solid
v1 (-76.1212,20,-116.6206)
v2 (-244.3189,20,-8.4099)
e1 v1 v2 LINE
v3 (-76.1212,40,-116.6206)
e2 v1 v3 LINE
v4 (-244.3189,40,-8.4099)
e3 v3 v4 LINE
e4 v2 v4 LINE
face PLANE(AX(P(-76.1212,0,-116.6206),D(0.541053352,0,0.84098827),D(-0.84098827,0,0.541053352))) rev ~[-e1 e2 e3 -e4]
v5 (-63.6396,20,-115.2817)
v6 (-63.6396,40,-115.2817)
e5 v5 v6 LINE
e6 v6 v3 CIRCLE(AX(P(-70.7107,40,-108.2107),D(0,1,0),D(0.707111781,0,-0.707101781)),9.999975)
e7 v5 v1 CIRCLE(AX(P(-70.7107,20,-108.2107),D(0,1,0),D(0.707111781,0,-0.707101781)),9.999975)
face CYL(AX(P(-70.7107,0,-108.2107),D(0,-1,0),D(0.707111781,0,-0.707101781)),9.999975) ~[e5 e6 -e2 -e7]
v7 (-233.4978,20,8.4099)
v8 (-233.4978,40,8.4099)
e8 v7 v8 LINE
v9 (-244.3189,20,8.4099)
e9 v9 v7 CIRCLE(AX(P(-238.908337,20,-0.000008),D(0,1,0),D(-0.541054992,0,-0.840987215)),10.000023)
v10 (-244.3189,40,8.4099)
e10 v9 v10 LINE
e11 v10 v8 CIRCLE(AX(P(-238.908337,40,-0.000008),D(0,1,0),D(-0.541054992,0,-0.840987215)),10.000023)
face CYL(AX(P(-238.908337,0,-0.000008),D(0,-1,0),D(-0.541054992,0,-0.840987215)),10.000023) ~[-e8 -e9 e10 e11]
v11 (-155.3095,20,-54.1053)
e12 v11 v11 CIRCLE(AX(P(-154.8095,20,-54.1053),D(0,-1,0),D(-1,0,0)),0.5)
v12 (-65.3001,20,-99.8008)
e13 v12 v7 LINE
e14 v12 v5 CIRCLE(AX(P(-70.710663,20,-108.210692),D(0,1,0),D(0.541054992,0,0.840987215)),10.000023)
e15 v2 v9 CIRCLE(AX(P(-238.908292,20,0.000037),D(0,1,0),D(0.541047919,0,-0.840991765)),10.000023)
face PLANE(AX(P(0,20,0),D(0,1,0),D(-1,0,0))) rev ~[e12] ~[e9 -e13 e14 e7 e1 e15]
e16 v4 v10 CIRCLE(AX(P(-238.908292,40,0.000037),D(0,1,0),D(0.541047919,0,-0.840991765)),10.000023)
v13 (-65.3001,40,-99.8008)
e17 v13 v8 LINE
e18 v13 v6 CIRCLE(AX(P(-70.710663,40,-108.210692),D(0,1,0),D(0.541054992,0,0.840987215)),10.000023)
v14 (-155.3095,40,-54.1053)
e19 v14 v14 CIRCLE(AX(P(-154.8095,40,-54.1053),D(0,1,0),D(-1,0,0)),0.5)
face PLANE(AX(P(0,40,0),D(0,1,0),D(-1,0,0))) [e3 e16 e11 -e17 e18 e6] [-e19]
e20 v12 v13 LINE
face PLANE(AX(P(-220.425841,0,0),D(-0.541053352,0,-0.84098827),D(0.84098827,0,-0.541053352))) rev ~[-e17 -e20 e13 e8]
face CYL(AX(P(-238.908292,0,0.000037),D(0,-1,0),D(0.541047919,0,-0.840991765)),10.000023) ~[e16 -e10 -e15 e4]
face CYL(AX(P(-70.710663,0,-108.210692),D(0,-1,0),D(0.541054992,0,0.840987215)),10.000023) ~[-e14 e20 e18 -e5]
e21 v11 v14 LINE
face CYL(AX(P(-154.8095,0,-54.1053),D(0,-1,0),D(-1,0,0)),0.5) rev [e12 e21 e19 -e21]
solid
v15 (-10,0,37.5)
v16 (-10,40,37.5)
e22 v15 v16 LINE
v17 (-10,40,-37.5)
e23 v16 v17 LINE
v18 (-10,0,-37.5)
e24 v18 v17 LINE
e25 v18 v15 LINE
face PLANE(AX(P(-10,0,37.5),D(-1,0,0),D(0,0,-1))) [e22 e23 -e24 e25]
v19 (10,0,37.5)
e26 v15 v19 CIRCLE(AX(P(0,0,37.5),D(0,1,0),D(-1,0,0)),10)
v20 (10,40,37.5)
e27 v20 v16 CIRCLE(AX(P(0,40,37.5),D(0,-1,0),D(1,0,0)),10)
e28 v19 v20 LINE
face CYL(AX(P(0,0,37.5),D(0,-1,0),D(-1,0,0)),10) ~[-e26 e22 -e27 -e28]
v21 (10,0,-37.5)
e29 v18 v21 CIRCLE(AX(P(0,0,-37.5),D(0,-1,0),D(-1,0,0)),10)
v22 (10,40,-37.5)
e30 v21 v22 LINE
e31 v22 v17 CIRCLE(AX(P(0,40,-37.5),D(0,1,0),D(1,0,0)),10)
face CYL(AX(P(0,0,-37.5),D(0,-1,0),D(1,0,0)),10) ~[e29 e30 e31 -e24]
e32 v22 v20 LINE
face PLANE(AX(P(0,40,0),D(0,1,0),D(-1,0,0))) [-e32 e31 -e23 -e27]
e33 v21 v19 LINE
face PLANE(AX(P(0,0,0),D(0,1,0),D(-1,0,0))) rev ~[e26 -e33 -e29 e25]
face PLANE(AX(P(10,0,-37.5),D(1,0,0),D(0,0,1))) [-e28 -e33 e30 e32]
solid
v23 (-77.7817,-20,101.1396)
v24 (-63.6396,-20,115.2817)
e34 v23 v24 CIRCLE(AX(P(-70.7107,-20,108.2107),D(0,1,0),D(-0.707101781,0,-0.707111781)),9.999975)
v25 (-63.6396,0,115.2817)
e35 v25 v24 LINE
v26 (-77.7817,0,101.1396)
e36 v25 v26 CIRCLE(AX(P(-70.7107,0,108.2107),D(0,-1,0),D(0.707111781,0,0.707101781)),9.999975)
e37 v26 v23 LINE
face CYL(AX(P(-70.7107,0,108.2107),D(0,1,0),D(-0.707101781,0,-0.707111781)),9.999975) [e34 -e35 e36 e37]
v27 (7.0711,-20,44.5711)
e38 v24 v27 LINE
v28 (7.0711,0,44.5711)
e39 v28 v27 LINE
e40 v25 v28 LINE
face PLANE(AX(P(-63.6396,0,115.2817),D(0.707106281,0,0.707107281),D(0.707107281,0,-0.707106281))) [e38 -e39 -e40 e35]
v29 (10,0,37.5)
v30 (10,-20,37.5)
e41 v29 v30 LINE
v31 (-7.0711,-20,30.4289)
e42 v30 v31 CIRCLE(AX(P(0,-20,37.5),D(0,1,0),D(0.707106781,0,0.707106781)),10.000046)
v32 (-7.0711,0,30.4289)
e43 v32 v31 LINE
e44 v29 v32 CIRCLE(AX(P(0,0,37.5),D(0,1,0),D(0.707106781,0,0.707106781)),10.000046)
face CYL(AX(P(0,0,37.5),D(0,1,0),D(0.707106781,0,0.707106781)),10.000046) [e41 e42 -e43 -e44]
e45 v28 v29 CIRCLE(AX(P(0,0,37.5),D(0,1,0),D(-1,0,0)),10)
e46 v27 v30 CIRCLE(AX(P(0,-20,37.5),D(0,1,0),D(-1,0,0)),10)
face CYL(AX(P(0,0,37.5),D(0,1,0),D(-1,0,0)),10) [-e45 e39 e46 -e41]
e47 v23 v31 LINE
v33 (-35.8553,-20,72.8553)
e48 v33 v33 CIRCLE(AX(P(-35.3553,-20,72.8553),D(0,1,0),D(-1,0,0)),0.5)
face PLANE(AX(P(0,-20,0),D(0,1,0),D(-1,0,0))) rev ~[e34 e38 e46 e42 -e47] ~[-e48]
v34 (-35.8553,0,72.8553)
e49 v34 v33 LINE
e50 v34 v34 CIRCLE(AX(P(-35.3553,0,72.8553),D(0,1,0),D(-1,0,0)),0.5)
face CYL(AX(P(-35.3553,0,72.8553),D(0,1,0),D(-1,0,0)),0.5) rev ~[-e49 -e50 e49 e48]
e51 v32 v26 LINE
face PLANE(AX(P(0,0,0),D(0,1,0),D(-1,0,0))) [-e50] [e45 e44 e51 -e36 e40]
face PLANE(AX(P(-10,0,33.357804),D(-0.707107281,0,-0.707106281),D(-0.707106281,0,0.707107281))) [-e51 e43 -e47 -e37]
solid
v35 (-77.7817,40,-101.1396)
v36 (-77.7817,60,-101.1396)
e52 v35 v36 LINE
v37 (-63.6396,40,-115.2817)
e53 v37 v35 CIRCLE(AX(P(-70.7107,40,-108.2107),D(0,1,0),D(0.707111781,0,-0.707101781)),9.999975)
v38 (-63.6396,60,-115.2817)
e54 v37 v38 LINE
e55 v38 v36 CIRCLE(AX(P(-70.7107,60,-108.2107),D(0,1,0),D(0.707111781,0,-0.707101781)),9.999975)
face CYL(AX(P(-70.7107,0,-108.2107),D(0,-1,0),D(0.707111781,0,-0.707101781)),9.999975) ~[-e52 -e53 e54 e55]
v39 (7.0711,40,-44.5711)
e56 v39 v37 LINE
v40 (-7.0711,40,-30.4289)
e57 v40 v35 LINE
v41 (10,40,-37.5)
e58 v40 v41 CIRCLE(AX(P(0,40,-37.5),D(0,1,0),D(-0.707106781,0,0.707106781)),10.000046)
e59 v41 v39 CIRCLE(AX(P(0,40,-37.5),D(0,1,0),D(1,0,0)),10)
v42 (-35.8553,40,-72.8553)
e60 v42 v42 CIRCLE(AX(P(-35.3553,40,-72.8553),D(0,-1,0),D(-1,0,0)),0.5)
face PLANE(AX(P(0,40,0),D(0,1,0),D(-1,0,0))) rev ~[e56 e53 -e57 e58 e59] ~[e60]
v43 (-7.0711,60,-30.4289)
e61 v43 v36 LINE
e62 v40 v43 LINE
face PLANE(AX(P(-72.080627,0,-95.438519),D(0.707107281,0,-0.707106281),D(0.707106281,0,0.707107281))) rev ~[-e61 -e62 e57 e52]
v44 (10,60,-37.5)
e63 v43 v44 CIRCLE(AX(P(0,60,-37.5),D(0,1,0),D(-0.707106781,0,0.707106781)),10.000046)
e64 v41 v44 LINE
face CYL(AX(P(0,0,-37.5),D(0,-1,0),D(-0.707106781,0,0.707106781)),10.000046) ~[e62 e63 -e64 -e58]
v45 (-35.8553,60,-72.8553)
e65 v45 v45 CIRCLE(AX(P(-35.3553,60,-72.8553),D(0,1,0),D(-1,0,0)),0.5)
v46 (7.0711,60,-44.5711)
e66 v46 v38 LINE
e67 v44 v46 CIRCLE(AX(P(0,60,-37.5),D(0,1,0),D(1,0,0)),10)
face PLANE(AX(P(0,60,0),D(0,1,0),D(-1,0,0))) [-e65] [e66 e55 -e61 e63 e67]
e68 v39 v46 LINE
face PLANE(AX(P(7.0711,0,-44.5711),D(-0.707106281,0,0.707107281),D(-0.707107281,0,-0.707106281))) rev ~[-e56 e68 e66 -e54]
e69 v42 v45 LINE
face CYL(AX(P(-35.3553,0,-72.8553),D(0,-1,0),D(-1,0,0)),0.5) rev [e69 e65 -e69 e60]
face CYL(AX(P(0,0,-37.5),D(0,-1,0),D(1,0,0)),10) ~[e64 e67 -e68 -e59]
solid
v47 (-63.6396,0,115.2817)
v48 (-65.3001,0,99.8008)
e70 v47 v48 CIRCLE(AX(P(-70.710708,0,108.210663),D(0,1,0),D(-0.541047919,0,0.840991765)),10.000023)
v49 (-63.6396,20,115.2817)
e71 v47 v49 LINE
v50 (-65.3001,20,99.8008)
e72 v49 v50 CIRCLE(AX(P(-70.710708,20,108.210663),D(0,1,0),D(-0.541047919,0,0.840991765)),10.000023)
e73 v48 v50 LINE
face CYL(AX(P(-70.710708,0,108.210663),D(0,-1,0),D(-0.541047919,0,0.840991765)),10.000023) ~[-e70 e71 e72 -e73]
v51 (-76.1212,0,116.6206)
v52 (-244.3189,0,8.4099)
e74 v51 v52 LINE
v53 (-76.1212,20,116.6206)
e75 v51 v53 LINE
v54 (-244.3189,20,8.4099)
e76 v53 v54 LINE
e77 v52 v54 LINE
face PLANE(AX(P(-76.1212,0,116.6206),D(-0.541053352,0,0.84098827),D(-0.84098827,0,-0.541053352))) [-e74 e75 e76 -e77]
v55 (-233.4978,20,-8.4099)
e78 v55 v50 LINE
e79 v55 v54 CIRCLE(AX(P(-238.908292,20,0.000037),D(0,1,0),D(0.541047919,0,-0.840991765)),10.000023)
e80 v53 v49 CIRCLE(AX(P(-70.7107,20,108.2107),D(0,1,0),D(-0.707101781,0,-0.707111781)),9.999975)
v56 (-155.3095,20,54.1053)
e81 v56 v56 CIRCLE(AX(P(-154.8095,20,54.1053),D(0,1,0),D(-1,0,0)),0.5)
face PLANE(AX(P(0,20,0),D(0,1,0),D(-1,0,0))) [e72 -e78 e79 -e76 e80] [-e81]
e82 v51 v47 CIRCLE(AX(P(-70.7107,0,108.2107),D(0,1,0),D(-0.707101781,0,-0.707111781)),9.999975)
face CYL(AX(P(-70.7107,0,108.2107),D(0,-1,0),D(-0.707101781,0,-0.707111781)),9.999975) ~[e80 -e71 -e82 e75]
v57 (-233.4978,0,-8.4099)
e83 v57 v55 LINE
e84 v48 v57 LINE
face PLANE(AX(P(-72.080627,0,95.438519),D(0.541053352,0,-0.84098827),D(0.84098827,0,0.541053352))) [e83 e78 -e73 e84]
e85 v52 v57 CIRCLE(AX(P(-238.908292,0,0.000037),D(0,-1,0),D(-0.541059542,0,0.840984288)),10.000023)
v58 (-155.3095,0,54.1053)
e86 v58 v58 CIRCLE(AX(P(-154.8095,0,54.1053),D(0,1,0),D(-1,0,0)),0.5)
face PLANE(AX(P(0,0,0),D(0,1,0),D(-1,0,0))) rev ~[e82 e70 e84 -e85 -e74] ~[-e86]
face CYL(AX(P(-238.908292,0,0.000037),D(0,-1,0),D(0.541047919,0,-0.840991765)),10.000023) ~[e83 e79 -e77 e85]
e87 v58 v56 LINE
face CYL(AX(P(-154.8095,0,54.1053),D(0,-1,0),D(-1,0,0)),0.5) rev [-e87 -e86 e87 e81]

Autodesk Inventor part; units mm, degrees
ref_plane "YZ Plane" through (0, 0, 0) normal (1, 0, 0) x (0, 1, 0)
ref_plane "XZ Plane" through (0, 0, 0) normal (0, 1, 0) x (-1, 0, 0)
ref_plane "XY Plane" through (0, 0, 0) normal (0, 0, 1) x (1, 0, 0)
sketch "Sketch1" plane through (0, 0, 0) normal (0, 1, 0) x (-1, 0, 0)
  line L0 (1000, 500) -> (0, 500) construction
  line L1 (0, 500) -> (0, -500) construction
  line L2 (0, -500) -> (1000, -500) construction
  line L3 (1000, -500) -> (1000, 500) construction
  line L4 (0, 37.5) -> (0, -37.5) construction
  line L5 (10, 37.5) -> (10, -37.5)
  line L6 (-10, -37.5) -> (-10, 37.5)
  arc A0 (10, 37.5) -> (-10, 37.5) centre (0, 37.5) ccw
  arc A1 (-10, -37.5) -> (10, -37.5) centre (0, -37.5) ccw
  line L7 (70.7107, 108.2107) -> (0, 37.5) construction
  line L8 (63.6396, 115.2817) -> (-7.0711, 44.5711)
  line L9 (7.0711, 30.4289) -> (77.7817, 101.1396)
  arc A2 (77.7817, 101.1396) -> (63.6396, 115.2817) centre (70.7107, 108.2107) ccw
  arc A3 (-7.0711, 44.5711) -> (7.0711, 30.4289) centre (0, 37.5) ccw
  line L10 (70.7107, -108.2107) -> (0, -37.5) construction
  line L11 (77.7817, -101.1396) -> (7.0711, -30.4289)
  line L12 (-7.0711, -44.5711) -> (63.6396, -115.2817)
  arc A4 (63.6396, -115.2817) -> (77.7817, -101.1396) centre (70.7107, -108.2107) ccw
  arc A5 (7.0711, -30.4289) -> (-7.0711, -44.5711) centre (0, -37.5) ccw
  line L13 (70.7107, 108.2107) -> (238.9083, 0) construction
  line L14 (76.1212, 116.6206) -> (244.3189, 8.4099)
  line L15 (233.4978, -8.4099) -> (65.3001, 99.8008)
  arc A6 (76.1212, 116.6206) -> (65.3001, 99.8008) centre (70.7107, 108.2107) ccw
  arc A7 (233.4978, -8.4099) -> (244.3189, 8.4099) centre (238.9083, 0) ccw
  line L16 (70.7107, -108.2107) -> (238.9083, 0) construction
  line L17 (76.1212, -116.6206) -> (244.3189, -8.4099)
  line L18 (233.4978, 8.4099) -> (65.3001, -99.8008)
  arc A8 (65.3001, -99.8008) -> (76.1212, -116.6206) centre (70.7107, -108.2107) ccw
  arc A9 (244.3189, -8.4099) -> (233.4978, 8.4099) centre (238.9083, 0) ccw
  line L19 (70.7107, -108.2107) -> (70.7107, -536.9645) construction
  line L20 (70.7107, 108.2107) -> (70.7107, -95.8947) construction
  circle A10 centre (154.8095, 54.1053) radius 0.5
  circle A11 centre (154.8095, -54.1053) radius 0.5
  circle A12 centre (35.3553, -72.8553) radius 0.5
  circle A13 centre (35.3553, 72.8553) radius 0.5
  point P0 (0, 0)
  point P1 (0, 0)
  point P2 (0, 0)
  point P3 (-7.0711, 44.5711)
  point P4 (-10, 37.5)
  point P5 (63.6396, -115.2817)
  point P6 (76.1212, -116.6206)
  point P7 (244.3189, -8.4099)
  point P8 (244.3189, 8.4099)
  point P9 (76.1212, 116.6206)
  point P10 (63.6396, 115.2817)
  point P11 (-7.0711, -44.5711)
  dimension "d42" = 1000
  dimension "d43" = 1000
  dimension "d45" = 75
  dimension "d46" = 20
  dimension "d47" = 20
  dimension "d48" = 20
  dimension "d49" = 20
  dimension "d50" = 20
  dimension "d51" = 100
  dimension "d52" = 100
  dimension "d53" = 200
  dimension "d54" = 200
  dimension "d55" = 45
  dimension "d56" = 45
  dimension "d71" = 122.755
  dimension "d72" = 57.245
  dimension "d73" = 154.8095
  dimension "d74" = 54.1053
  dimension "d75" = 35.3553
  dimension "d76" = 72.8553
  dimension "d77" = 77.755
  dimension "d78" = 37.5
  dimension "d79" = 35.36
  dimension "d80" = 1
extrude "Extrusion6" add sketch "Sketch1" against normal blind 20 contours A0 L8 A6 L15 L9 L5 | L5 L9 A3 A0 | L15 A6 A2 L9
extrude "Extrusion7" add sketch "Sketch1" along normal blind 20 separate body contours L15 A6 A2 L9 | L9 A2 L14 A9 L18 L15 | L18 A9 A7 L15
extrude "Extrusion8" add sketch "Sketch1" along normal blind 40 separate body contours L18 L15 A7 L17 A4 L11 | L11 A4 A8 L18 | L18 A9 A7 L15
extrude "Extrusion9" add sketch "Sketch1" along normal blind 60 separate body contours L11 L18 A8 L12 A1 L5 | L5 A1 A5 L11 | L11 A4 A8 L18
extrude "Extrusion10" cut sketch "Sketch1" along normal blind 20 contours L18 L15 A7 L17 A4 L11 | L11 A4 A8 L18 | L18 A9 A7 L15 | A11 bodies 3
extrude "Extrusion11" cut sketch "Sketch1" along normal blind 40 contours L11 L18 A8 L12 A1 L5 | L5 A1 A5 L11 | L11 A4 A8 L18 | A12 bodies 4
extrude "Extrusion12" add sketch "Sketch1" along normal blind 40 separate body contours L5 L9 A3 A0 | L5 L11 A5 L6 A3 L9 | L5 A1 A5 L11
equation "\"d45\" = L_G"
equation "\"d46\" = t"
equation "\"d47\" = t"
equation "\"d48\" = t"
equation "\"d49\" = t"
equation "\"d50\" = t"
equation "\"d51\" = L_P"
equation "\"d52\" = L_P"
equation "\"d53\" = L_D"
equation "\"d54\" = L_D"
equation "\"d57\" = t"
equation "\"d59\" = t"
equation "\"d61\" = 2 * t"
equation "\"d63\" = 3 * t"
equation "\"d65\" = t"
equation "\"d67\" = 2 * t"
equation "\"d69\" = 2 * t"
equation "\"L_G\" = 150 * scale"
equation "\"L_P\" = 200 * scale"
equation "\"L_D\" = 400 * scale"
equation "\"t\" = 40 * scale"
equation "\"scale\" = 0.5"
properties part number "5 Barras Simplificado"
